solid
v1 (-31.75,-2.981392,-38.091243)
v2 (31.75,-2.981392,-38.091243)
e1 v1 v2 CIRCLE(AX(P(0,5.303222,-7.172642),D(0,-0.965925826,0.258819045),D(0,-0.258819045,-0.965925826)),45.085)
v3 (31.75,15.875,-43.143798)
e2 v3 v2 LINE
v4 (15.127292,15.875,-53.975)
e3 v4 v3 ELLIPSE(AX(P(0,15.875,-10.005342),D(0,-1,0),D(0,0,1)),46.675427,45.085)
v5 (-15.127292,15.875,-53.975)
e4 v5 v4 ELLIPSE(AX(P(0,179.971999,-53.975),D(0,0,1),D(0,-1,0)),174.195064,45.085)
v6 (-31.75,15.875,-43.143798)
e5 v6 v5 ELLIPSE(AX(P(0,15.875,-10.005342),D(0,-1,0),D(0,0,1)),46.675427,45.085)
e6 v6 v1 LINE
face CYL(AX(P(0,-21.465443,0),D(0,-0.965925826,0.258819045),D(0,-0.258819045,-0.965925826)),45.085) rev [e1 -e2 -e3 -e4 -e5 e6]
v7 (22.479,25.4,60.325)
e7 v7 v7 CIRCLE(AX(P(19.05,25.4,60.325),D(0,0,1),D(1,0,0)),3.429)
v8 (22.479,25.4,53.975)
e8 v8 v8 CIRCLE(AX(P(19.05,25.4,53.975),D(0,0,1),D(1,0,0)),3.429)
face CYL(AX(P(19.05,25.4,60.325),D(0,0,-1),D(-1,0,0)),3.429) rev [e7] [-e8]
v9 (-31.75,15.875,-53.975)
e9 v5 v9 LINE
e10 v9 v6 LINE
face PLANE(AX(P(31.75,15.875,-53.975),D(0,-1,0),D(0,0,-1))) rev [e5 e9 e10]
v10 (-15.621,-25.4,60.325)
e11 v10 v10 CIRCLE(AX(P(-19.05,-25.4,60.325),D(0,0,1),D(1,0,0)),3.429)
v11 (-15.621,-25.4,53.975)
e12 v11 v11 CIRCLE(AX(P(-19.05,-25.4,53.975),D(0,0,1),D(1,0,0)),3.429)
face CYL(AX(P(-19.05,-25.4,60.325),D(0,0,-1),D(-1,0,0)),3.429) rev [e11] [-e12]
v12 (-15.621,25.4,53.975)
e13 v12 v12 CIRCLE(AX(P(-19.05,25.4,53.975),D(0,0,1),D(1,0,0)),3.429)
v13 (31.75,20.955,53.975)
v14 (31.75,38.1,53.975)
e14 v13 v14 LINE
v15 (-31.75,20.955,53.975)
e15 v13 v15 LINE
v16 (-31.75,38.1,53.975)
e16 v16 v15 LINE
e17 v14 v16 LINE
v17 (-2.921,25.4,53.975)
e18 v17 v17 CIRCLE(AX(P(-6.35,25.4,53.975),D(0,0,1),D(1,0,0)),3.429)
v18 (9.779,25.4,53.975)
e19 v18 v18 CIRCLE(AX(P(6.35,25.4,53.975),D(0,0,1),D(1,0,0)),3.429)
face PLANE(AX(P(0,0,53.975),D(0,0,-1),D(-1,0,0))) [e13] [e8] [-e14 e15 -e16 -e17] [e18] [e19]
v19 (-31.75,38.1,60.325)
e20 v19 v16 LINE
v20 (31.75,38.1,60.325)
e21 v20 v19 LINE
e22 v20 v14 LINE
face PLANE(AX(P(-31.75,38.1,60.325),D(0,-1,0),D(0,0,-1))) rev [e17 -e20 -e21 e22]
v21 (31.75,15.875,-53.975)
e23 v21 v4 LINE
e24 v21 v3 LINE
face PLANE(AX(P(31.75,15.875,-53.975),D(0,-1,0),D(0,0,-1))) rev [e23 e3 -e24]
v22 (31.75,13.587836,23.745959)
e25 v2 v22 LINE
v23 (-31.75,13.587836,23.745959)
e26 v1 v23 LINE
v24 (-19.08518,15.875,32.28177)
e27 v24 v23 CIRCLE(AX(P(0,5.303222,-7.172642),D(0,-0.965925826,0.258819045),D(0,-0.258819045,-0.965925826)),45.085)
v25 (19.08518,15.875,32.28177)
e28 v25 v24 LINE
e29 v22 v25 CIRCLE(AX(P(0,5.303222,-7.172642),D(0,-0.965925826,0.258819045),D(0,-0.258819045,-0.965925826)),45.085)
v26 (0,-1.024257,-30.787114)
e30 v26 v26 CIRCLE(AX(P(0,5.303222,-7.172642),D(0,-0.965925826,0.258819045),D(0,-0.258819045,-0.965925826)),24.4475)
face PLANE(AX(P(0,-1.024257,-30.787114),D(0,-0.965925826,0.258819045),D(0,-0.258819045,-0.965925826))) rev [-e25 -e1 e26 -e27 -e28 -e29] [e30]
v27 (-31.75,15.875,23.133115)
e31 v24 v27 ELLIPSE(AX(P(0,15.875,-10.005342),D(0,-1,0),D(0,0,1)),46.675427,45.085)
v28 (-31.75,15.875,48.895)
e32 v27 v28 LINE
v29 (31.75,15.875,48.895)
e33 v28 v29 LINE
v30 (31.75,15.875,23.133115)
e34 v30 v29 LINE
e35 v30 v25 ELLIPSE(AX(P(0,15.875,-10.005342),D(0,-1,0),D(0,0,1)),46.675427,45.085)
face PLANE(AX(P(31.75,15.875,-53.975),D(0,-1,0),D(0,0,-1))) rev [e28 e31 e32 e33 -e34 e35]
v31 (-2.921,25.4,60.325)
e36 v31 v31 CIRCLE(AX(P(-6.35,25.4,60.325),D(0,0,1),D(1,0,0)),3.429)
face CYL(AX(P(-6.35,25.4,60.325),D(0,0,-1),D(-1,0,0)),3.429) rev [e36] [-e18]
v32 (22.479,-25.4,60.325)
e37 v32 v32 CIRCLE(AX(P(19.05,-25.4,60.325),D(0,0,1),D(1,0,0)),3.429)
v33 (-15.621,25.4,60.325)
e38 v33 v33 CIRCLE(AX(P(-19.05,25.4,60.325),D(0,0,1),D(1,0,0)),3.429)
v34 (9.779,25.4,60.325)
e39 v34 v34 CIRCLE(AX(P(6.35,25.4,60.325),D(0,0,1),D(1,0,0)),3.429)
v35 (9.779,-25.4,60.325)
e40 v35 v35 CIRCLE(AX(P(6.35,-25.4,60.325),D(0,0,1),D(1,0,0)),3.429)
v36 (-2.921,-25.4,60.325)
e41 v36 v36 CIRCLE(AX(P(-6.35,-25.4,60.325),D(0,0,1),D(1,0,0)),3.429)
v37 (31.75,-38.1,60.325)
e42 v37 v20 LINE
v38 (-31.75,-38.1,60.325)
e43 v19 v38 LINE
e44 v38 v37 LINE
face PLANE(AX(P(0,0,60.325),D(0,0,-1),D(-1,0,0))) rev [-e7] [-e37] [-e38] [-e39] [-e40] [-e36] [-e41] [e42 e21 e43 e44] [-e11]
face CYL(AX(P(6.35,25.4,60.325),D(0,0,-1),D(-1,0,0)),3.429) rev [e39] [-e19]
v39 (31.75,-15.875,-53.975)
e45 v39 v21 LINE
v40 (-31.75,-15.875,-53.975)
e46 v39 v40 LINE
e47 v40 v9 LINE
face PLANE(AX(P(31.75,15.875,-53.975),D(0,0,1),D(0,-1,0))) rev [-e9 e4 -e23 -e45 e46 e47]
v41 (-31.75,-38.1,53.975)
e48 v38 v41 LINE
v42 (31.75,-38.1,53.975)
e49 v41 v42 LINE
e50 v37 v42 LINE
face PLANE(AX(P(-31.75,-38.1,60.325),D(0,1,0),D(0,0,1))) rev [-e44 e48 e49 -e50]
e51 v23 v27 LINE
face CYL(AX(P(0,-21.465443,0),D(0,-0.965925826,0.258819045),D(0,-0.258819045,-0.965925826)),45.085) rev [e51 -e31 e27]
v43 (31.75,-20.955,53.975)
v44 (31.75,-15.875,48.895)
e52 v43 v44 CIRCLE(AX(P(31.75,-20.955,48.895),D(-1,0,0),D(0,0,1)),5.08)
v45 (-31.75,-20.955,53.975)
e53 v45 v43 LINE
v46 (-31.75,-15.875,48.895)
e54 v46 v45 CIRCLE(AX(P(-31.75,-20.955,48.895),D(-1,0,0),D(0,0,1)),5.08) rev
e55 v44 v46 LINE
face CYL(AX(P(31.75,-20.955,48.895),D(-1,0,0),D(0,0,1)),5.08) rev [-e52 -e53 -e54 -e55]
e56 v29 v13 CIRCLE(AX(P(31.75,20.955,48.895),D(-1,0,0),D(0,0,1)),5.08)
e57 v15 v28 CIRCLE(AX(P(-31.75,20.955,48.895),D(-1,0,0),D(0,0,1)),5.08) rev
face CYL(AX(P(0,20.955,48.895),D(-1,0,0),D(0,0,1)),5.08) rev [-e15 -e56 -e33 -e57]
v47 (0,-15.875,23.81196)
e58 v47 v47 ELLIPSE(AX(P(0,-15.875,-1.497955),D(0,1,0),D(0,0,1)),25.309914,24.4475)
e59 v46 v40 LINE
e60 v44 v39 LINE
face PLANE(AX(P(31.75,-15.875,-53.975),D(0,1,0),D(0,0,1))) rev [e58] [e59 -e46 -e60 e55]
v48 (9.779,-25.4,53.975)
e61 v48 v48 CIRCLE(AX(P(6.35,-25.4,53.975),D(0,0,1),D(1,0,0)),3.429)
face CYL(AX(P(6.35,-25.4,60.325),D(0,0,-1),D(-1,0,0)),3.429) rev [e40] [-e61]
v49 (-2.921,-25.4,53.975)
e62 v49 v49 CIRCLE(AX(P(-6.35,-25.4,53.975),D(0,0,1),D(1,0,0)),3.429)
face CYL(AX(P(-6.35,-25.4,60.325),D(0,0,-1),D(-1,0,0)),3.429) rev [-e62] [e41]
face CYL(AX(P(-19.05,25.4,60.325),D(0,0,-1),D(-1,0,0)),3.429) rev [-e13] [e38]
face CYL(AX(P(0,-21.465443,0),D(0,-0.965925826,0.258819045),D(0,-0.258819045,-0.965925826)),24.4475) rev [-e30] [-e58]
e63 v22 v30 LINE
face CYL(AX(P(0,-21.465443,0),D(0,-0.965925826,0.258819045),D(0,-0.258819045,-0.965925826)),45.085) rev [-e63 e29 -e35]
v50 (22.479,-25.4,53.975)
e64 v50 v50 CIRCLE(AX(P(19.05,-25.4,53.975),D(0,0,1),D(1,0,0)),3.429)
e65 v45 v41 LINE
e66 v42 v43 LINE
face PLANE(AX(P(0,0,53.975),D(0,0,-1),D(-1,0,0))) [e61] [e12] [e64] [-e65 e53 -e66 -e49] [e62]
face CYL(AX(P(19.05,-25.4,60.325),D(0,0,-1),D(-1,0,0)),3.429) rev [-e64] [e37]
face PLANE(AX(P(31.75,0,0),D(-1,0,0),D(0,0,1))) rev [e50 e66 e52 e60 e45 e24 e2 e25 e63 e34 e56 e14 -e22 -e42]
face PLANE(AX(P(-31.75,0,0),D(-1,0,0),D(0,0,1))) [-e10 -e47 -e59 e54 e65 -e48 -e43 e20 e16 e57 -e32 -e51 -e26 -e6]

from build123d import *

# Parameters (mm, degrees)
SKETCH1_W           = 107.95
SKETCH1_H           = 31.75
BOSS_EXTRUDE1_DEPTH = 31.75
SKETCH3_W           = 63.5
SKETCH3_H           = 76.2
SKETCH3_R           = 3.429
BOSS_EXTRUDE2_DEPTH = 6.35
FILLET1_R           = 5.08


with BuildPart() as part:
    # Sketch1 → Boss-Extrude1 (new, symmetric)
    with BuildSketch(Plane(origin=(0, 0, 0), x_dir=(0, 0, -1), z_dir=(1, 0, 0))):
        Rectangle(SKETCH1_W, SKETCH1_H)
    extrude(amount=BOSS_EXTRUDE1_DEPTH, both=True)

    # Sketch2 → Cut-Revolve1 (revolve, cut)
    with BuildSketch(Plane(origin=(0, 0, 0), x_dir=(0, 0, -1), z_dir=(1, 0, 0))):
        Polygon((30.787113889, -1.024256513), (21.709471638, -34.902478605), (-1.905, -28.575), (15.934173595, 38.001702221), (59.482939473, 26.332845573), (50.721408129, -6.365634557), align=None)
    revolve(axis=Axis((0, -21.465443212, 0), (0, 0.9659258262890701, -0.2588190451025143)), mode=Mode.SUBTRACT)

    # Sketch3 → Boss-Extrude2 (add)
    with BuildSketch(Plane.XY.offset(53.975)):
        Rectangle(SKETCH3_W, SKETCH3_H)
        with Locations((-19.05, 25.4)):
            Circle(SKETCH3_R, mode=Mode.SUBTRACT)
        with Locations((-6.35, 25.4)):
            Circle(SKETCH3_R, mode=Mode.SUBTRACT)
        with Locations((6.35, 25.4)):
            Circle(SKETCH3_R, mode=Mode.SUBTRACT)
        with Locations((19.05, 25.4)):
            Circle(SKETCH3_R, mode=Mode.SUBTRACT)
        with Locations((-6.35, -25.4)):
            Circle(SKETCH3_R, mode=Mode.SUBTRACT)
        with Locations((6.35, -25.4)):
            Circle(SKETCH3_R, mode=Mode.SUBTRACT)
        with Locations((19.05, -25.4)):
            Circle(SKETCH3_R, mode=Mode.SUBTRACT)
        with Locations((-19.05, -25.4)):
            Circle(SKETCH3_R, mode=Mode.SUBTRACT)
    extrude(amount=BOSS_EXTRUDE2_DEPTH)

    # Fillet1
    fillet1_edges = [part.edges().sort_by_distance(p)[0] for p in [
        (0, 15.875, 53.975),
        (0, -15.875, 53.975),
    ]]
    fillet(fillet1_edges, radius=FILLET1_R)


solid = part.part
